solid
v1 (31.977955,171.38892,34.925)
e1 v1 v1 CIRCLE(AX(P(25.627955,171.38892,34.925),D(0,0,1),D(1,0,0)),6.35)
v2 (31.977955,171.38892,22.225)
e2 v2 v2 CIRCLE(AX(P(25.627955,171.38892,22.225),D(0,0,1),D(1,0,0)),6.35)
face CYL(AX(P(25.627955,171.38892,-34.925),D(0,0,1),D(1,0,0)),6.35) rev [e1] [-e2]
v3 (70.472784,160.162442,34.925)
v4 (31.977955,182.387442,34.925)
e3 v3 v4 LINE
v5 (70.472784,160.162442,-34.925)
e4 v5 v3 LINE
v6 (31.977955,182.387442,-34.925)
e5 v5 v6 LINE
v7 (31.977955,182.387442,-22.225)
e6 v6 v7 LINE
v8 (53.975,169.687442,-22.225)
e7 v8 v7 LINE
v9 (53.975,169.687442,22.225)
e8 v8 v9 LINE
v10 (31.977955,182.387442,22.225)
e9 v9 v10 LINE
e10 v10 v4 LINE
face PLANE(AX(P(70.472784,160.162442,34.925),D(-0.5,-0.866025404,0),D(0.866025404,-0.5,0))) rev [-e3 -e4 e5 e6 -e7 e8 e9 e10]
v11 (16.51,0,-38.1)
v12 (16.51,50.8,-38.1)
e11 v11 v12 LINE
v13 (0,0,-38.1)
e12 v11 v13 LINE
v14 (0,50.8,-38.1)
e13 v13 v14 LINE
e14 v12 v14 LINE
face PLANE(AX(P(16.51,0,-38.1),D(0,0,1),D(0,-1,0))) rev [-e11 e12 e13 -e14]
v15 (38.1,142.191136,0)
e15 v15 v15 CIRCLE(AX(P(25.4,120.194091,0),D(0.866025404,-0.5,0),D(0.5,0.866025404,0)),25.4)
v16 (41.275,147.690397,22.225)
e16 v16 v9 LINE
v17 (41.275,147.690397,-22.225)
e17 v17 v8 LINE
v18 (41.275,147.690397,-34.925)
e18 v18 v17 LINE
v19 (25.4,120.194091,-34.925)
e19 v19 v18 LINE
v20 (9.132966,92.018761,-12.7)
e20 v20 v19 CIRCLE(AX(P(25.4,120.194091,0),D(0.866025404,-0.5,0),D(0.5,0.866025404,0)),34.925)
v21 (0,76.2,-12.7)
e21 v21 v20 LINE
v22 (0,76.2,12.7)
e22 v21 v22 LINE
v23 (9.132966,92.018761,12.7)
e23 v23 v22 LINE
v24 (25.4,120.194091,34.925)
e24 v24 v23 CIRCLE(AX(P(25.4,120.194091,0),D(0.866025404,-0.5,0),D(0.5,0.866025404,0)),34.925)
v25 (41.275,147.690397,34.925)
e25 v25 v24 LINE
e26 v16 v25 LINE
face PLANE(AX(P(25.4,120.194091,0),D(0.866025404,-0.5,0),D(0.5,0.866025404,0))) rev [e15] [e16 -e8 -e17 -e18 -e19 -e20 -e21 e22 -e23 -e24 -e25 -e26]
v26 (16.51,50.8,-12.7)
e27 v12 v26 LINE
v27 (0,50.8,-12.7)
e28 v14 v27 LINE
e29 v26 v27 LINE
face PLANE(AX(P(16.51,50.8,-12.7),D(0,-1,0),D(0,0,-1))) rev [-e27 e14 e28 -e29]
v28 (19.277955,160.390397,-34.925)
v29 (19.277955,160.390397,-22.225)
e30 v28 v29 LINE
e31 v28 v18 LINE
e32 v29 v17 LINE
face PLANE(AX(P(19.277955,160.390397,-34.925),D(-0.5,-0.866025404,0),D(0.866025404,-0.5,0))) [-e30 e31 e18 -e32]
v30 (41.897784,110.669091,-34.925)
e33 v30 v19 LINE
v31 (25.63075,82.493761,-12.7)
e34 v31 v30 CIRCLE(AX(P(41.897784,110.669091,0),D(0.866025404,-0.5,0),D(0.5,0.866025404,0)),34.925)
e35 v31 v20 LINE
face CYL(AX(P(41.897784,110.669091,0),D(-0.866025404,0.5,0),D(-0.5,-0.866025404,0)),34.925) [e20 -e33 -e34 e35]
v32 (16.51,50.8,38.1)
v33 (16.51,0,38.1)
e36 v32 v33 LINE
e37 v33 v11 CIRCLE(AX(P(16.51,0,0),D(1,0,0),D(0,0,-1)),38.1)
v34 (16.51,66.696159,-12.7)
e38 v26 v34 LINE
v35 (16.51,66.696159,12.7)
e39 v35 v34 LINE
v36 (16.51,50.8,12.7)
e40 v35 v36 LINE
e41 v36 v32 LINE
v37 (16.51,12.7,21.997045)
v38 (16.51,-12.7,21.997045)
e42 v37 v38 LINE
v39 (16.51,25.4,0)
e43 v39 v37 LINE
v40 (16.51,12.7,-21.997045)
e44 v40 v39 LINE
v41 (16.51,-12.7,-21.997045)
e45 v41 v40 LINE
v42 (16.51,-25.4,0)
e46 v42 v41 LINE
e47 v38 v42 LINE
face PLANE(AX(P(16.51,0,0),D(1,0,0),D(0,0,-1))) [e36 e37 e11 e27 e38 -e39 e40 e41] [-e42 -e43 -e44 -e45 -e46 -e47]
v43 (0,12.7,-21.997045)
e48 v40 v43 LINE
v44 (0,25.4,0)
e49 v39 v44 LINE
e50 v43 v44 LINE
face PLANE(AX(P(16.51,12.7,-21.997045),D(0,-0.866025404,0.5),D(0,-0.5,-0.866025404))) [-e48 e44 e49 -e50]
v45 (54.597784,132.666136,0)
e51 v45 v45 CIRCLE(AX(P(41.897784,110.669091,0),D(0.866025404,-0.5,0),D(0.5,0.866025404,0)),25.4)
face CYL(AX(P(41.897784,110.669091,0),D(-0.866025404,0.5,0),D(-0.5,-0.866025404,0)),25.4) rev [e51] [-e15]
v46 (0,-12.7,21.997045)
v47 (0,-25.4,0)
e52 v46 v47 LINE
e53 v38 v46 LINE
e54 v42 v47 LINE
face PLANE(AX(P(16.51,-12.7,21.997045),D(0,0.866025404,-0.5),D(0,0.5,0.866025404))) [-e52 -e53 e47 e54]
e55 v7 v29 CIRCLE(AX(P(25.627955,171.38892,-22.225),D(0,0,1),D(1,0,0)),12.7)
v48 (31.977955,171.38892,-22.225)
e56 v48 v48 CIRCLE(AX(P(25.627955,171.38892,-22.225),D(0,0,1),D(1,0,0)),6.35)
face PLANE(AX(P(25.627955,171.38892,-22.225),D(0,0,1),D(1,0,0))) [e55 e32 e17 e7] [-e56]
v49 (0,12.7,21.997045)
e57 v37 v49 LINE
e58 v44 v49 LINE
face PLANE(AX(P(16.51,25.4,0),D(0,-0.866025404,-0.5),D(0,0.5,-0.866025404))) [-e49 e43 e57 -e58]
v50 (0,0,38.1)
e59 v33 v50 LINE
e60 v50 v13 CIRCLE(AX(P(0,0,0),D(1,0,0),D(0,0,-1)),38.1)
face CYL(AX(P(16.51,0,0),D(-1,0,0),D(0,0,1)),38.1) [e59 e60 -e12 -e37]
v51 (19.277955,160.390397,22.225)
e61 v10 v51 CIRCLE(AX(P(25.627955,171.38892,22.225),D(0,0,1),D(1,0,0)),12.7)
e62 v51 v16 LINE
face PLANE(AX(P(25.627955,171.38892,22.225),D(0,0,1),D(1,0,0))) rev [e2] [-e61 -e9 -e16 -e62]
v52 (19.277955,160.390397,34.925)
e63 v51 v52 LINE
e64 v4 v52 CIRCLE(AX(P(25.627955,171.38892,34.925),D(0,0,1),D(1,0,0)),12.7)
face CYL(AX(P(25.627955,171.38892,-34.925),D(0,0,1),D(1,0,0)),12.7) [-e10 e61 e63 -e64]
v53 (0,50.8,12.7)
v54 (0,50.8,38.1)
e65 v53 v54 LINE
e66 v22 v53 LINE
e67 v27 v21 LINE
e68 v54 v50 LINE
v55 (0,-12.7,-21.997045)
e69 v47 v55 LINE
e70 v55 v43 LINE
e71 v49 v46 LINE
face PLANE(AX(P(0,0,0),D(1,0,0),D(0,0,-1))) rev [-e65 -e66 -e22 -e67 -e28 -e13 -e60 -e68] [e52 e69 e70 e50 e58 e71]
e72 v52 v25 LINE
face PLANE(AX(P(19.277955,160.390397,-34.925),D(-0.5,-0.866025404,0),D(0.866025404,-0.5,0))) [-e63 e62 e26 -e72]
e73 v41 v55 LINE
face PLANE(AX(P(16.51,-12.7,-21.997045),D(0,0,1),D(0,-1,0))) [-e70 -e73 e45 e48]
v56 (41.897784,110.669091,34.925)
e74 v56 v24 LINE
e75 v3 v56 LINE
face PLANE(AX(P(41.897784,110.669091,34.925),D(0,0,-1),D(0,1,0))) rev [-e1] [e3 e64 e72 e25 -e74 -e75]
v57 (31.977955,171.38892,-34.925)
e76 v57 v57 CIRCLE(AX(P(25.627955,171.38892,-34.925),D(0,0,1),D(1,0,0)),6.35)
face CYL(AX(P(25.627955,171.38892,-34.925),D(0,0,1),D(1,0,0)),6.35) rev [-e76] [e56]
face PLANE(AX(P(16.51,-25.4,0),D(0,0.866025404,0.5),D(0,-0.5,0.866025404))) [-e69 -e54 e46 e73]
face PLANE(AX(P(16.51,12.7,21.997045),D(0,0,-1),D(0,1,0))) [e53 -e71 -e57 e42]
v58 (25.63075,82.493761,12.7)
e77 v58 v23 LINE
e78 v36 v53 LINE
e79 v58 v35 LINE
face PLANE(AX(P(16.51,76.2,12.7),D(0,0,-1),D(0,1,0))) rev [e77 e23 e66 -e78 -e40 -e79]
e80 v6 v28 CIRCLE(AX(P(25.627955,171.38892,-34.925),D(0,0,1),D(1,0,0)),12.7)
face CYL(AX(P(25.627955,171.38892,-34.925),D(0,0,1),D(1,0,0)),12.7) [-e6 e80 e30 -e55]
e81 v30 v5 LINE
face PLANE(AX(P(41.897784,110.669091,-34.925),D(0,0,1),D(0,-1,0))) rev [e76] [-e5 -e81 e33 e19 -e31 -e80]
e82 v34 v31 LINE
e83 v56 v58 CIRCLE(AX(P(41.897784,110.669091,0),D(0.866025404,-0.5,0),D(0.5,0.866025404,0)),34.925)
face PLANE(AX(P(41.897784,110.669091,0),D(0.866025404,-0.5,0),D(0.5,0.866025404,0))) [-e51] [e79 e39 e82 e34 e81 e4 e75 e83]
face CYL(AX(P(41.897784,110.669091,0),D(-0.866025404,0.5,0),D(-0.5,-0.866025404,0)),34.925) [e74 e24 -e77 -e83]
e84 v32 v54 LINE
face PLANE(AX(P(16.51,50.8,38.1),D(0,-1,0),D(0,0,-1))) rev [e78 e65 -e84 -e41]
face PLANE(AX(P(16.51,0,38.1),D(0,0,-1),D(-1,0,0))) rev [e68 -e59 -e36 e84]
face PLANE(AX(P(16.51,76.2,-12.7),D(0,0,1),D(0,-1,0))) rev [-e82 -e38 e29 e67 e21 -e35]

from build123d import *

# Parameters (mm, degrees)
BOSS_EXTRUDE1_DEPTH      = 16.51
SKETCH2_R                = 25.4
BOSS_EXTRUDE2_DEPTH      = 19.05
BOSS_EXTRUDE3_DEPTH      = 34.925
BOSS_EXTRUDE3_DEPTH_BACK = 34.925
SKETCH3_R                = 6.35
SKETCH3_2_R              = 6.35
CUT_EXTRUDE1_DEPTH       = 22.225


with BuildPart() as part:
    # Sketch1 → Boss-Extrude1 (new body)
    with BuildSketch(Plane(origin=(0, 0, 0), x_dir=(0, 0, -1), z_dir=(1, 0, 0))):
        with BuildLine():
            Line((-38.1, 0), (-38.1, 50.8))
            Line((-38.1, 50.8), (-12.7, 50.8))
            Line((-12.7, 50.8), (-12.7, 76.2))
            Line((-12.7, 76.2), (12.7, 76.2))
            Line((12.7, 76.2), (12.7, 50.8))
            Line((12.7, 50.8), (38.1, 50.8))
            Line((38.1, 50.8), (38.1, 0))
            ThreePointArc((38.1, 0), (0, -38.1), (-38.1, 0))
        make_face()
        Polygon((0, 25.4), (-21.997045256, 12.7), (-21.997045256, -12.7), (0, -25.4), (21.997045256, -12.7), (21.997045256, 12.7), align=None, mode=Mode.SUBTRACT)
    extrude(amount=BOSS_EXTRUDE1_DEPTH)

    # Sketch2 → Boss-Extrude2 (add)
    with BuildSketch(Plane(origin=(-32.995567884, 19.05, 0), x_dir=(0, 0, 1), z_dir=(0.8660254037844416, -0.49999999999999495, 0))):
        with BuildLine():
            Line((-12.7, -65.991135768), (12.7, -65.991135768))
            Line((12.7, -65.991135768), (12.7, -84.257067086))
            ThreePointArc((12.7, -84.257067086), (28.838369623, -97.090778855), (34.925, -116.791135768))
            Line((34.925, -116.791135768), (34.925, -173.941135768))
            Line((34.925, -173.941135768), (-34.925, -173.941135768))
            Line((-34.925, -173.941135768), (-34.925, -116.791135768))
            ThreePointArc((-34.925, -116.791135768), (-28.838369623, -97.090778855), (-12.7, -84.257067086))
            Line((-12.7, -84.257067086), (-12.7, -65.991135768))
        make_face()
        with Locations((0, -116.791135768)):
            Circle(SKETCH2_R, mode=Mode.SUBTRACT)
    extrude(amount=BOSS_EXTRUDE2_DEPTH)

    # Sketch3 → Boss-Extrude3 (add, two sides: drawn at the far end of the back side and taken through both)
    with BuildSketch(Plane.XY.offset(-BOSS_EXTRUDE3_DEPTH_BACK)):
        with BuildLine():
            Line((53.975, 169.687442339), (31.977954744, 182.387442339))
            ThreePointArc((31.977954744, 182.387442339), (14.629432116, 177.73891971), (19.277954744, 160.390397082))
            Line((19.277954744, 160.390397082), (41.275, 147.690397082))
            Line((41.275, 147.690397082), (53.975, 169.687442339))
        make_face()
        with Locations((25.627954744, 171.38891971)):
            Circle(SKETCH3_R, mode=Mode.SUBTRACT)
    extrude(amount=BOSS_EXTRUDE3_DEPTH + BOSS_EXTRUDE3_DEPTH_BACK)

    # Sketch3<2> → Cut-Extrude1 (cut, symmetric)
    with BuildSketch(Plane.XY):
        with BuildLine():
            Line((53.975, 169.687442339), (31.977954744, 182.387442339))
            ThreePointArc((31.977954744, 182.387442339), (14.629432116, 177.73891971), (19.277954744, 160.390397082))
            Line((19.277954744, 160.390397082), (41.275, 147.690397082))
            Line((41.275, 147.690397082), (53.975, 169.687442339))
        make_face()
        with Locations((25.627954744, 171.38891971)):
            Circle(SKETCH3_2_R, mode=Mode.SUBTRACT)
    extrude(amount=CUT_EXTRUDE1_DEPTH, both=True, mode=Mode.SUBTRACT)


solid = part.part
